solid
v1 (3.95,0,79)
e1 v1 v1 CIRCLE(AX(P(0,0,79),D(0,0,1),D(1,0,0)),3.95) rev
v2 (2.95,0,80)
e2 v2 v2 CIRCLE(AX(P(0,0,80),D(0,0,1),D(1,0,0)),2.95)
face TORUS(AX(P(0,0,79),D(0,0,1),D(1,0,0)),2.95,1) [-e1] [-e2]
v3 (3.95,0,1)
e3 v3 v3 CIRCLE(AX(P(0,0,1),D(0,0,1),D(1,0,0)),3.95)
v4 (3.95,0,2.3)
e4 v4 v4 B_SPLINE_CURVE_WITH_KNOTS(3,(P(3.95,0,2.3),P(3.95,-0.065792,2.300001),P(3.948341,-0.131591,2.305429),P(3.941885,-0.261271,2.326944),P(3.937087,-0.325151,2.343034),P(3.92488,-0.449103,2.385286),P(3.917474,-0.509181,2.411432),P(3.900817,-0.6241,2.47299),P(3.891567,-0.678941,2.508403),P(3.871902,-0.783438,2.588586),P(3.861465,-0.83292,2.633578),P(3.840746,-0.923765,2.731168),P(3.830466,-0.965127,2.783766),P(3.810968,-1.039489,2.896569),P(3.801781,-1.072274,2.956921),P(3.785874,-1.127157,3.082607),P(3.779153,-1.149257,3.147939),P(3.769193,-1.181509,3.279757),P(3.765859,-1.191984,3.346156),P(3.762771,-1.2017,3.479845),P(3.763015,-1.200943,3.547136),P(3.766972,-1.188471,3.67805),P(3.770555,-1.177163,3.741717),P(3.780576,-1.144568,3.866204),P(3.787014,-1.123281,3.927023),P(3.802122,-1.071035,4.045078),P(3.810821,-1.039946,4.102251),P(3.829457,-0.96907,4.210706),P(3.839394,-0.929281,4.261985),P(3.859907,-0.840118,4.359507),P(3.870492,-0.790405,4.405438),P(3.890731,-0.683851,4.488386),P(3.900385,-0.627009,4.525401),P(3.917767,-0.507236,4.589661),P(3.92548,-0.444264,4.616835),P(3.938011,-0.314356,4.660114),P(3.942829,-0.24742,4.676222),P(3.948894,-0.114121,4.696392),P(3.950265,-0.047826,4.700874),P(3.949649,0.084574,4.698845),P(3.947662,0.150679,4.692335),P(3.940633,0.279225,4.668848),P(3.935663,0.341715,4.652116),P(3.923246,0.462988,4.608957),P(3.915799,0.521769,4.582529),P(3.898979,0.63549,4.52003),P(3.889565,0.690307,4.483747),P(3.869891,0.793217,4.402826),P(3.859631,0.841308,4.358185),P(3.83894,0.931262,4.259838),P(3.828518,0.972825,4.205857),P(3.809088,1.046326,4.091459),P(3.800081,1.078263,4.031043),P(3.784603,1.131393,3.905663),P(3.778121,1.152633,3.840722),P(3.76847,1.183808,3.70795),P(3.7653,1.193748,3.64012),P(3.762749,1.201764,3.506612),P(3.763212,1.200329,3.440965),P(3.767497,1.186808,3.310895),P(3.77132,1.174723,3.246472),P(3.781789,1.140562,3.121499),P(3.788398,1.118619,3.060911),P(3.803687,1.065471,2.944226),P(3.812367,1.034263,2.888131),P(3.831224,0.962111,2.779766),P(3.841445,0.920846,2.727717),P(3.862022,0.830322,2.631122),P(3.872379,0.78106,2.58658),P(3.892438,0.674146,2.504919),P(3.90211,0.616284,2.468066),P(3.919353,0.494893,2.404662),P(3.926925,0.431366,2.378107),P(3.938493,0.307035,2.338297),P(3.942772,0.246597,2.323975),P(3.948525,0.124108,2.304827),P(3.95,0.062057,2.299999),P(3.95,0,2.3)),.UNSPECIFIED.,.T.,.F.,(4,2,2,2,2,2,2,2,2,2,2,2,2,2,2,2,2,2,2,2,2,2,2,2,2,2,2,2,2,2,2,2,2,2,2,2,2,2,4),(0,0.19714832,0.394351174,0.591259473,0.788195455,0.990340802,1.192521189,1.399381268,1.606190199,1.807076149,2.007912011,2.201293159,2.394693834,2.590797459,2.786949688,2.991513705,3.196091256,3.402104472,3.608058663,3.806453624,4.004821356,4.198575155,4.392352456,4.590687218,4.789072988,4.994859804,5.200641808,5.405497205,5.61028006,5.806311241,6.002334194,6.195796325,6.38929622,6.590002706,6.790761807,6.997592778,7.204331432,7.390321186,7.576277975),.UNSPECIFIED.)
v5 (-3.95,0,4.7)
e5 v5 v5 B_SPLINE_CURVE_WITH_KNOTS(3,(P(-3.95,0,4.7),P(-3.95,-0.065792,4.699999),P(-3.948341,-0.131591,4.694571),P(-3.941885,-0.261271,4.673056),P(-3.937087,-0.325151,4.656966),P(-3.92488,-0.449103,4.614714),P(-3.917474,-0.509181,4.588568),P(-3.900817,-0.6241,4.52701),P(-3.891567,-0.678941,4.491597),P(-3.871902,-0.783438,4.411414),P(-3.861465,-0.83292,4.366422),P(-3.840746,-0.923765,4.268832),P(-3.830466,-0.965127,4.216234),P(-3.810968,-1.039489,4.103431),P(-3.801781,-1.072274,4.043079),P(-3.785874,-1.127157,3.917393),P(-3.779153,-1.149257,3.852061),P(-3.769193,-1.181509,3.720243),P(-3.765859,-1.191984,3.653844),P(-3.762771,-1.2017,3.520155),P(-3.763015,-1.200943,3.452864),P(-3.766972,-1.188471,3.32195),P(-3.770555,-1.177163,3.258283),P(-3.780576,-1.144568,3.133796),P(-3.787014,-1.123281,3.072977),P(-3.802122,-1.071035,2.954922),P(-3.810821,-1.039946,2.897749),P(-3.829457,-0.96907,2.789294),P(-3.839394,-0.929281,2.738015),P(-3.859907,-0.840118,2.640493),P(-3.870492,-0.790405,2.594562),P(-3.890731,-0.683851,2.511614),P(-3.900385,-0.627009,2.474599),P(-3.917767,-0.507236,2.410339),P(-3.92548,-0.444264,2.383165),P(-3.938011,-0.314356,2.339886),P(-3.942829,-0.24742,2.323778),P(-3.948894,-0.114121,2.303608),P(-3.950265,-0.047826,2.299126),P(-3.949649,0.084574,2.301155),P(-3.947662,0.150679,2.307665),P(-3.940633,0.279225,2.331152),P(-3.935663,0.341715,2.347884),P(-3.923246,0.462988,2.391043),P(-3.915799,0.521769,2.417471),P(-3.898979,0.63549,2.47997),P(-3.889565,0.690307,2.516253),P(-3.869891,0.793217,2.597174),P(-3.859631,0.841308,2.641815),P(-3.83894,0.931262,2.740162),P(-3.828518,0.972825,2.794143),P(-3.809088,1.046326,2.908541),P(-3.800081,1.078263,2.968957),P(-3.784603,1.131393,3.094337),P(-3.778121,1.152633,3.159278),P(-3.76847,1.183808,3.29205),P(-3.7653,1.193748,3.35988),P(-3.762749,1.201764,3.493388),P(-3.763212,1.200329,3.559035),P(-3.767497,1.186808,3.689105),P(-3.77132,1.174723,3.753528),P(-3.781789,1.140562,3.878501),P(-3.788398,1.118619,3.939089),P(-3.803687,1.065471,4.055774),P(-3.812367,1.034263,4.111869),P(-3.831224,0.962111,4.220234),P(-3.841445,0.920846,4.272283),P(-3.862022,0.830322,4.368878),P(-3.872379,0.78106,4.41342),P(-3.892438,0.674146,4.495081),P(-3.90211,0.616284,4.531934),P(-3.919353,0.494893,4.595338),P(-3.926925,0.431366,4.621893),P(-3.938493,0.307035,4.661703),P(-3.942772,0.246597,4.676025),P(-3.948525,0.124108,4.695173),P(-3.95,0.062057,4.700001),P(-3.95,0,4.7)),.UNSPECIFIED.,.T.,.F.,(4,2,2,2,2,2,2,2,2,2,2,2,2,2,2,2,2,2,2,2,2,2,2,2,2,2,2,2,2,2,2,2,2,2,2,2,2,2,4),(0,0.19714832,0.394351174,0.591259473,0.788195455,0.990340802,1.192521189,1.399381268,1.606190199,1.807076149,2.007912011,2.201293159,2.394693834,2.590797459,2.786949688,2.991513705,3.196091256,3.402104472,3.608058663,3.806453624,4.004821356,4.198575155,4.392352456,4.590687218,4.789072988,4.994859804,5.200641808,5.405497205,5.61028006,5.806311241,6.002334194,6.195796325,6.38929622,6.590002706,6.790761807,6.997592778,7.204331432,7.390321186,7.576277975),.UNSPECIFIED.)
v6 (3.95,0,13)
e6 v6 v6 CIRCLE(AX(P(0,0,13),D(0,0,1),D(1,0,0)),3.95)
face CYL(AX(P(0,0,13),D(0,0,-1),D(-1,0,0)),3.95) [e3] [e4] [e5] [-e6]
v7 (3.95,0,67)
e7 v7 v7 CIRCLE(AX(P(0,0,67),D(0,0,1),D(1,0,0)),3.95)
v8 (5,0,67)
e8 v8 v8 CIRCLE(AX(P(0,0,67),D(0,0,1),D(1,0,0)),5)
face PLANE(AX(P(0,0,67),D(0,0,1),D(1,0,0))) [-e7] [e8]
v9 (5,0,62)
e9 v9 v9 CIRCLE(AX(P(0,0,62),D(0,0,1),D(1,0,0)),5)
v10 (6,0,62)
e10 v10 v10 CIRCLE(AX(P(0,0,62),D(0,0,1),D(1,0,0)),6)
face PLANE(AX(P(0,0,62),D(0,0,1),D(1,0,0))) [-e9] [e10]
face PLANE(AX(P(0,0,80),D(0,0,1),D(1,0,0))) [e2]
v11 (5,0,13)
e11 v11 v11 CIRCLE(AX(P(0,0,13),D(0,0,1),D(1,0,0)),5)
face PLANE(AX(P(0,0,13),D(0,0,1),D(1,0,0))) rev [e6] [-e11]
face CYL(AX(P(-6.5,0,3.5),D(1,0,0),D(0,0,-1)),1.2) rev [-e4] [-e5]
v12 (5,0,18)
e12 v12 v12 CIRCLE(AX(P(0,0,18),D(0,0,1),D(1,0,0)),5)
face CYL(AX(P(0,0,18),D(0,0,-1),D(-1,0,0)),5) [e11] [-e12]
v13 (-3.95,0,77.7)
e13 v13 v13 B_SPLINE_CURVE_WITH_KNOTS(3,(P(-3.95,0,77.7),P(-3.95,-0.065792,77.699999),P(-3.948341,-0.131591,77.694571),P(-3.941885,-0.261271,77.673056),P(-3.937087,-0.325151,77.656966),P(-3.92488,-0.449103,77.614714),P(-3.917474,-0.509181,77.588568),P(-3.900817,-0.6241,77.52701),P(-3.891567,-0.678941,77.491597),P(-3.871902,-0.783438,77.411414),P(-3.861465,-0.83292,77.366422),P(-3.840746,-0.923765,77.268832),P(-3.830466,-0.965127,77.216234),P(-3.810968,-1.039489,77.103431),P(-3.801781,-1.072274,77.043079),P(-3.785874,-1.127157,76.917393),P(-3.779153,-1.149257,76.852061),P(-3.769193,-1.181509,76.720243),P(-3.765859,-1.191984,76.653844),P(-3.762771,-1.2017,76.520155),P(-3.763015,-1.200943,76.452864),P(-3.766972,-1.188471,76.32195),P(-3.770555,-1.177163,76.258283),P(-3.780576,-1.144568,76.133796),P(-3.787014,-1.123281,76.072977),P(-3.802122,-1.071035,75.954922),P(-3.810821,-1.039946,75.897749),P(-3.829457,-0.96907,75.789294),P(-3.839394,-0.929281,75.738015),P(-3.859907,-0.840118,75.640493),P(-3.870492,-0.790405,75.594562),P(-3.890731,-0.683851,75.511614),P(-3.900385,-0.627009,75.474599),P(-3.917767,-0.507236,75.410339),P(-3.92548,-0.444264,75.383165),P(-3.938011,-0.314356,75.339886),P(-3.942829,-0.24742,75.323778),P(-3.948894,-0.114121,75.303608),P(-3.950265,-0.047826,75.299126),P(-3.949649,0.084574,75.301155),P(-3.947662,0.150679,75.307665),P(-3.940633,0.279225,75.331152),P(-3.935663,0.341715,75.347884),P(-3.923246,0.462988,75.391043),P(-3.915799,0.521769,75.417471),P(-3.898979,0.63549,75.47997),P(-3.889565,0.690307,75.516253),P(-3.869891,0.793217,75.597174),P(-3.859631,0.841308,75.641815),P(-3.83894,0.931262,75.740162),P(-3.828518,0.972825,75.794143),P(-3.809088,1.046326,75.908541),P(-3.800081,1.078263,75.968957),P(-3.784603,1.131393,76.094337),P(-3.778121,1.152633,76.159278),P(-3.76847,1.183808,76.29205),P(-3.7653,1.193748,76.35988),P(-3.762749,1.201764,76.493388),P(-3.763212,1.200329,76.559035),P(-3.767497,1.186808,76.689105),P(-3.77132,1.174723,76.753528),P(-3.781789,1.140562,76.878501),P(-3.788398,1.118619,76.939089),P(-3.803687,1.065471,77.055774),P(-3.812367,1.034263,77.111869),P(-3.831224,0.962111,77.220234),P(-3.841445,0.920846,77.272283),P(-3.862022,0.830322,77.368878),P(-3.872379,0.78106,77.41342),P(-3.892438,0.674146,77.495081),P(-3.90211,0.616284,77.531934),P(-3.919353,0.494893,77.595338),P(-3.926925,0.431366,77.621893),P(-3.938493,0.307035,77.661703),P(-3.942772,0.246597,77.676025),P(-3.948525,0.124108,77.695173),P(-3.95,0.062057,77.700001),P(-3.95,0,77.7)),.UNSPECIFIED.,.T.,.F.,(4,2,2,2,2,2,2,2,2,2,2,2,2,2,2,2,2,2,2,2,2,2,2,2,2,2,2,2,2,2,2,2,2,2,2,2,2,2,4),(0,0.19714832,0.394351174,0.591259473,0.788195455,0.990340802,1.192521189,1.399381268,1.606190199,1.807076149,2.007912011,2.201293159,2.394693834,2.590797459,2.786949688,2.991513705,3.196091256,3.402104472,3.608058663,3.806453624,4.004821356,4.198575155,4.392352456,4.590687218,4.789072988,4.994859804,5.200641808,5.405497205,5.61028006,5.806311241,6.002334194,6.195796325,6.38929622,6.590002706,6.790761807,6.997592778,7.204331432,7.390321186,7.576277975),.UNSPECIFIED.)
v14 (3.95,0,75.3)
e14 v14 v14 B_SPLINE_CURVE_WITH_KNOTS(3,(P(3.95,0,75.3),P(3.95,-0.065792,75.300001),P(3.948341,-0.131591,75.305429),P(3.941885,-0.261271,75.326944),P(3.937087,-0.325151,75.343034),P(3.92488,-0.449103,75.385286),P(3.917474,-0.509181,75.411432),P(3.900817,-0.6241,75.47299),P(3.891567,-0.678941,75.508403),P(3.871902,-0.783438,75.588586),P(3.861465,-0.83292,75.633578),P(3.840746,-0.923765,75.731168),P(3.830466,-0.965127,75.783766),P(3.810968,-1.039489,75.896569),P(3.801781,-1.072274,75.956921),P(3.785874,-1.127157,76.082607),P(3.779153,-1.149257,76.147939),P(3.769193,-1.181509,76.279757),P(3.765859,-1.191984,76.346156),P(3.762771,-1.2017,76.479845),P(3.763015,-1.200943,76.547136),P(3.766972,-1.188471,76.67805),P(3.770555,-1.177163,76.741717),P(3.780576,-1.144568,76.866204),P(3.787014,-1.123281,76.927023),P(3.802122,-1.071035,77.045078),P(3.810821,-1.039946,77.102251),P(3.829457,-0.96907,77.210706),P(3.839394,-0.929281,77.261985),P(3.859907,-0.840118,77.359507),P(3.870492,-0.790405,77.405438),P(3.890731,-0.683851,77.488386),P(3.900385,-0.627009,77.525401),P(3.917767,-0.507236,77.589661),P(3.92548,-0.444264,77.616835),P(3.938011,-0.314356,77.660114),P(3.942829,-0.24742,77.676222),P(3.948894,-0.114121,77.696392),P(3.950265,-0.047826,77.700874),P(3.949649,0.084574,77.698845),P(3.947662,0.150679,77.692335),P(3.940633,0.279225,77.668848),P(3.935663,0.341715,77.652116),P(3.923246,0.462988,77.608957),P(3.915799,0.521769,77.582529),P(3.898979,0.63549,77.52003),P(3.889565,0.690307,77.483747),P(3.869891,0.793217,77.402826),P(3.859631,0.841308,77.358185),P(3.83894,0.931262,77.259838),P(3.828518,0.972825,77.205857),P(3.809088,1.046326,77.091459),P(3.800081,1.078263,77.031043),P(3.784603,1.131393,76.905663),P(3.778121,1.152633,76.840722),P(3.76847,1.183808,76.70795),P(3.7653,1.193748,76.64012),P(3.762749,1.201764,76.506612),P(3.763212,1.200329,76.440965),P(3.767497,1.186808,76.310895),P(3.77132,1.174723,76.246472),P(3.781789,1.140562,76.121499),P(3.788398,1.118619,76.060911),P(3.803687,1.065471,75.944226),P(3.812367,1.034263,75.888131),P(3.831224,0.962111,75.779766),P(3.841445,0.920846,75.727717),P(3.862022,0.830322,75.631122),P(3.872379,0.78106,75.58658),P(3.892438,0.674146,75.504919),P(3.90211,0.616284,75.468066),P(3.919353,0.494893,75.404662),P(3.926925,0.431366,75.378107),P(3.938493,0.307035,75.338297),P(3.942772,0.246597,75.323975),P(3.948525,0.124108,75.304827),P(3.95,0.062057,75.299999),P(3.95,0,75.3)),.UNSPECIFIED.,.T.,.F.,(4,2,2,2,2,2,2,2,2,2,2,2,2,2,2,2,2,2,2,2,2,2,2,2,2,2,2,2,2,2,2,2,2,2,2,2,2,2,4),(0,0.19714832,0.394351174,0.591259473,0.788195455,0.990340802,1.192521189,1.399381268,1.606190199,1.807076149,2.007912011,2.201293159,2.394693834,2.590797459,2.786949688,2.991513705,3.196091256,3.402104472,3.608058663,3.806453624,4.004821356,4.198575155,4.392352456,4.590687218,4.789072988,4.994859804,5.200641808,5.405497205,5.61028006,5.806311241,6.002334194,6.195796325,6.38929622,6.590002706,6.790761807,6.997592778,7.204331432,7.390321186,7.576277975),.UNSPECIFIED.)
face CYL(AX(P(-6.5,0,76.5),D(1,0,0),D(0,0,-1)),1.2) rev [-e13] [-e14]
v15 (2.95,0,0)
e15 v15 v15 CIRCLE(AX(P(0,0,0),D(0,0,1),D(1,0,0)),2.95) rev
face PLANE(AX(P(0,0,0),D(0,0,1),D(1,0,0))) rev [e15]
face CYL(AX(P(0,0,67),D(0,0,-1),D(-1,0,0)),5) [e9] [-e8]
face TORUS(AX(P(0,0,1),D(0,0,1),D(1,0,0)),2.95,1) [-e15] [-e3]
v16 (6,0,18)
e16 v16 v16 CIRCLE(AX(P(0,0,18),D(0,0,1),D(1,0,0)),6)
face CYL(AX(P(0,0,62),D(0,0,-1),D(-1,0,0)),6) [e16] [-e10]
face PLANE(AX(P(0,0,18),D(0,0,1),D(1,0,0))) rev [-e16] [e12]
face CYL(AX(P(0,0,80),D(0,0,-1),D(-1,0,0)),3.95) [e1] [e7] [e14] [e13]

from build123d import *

# Parameters (mm, degrees)
SKETCH1_R           = 3.95
BOSS_EXTRUDE1_DEPTH = 13
SKETCH2_R           = 5
BOSS_EXTRUDE2_DEPTH = 5
SKETCH3_R           = 6
BOSS_EXTRUDE3_DEPTH = 44
SKETCH4_R           = 5
BOSS_EXTRUDE4_DEPTH = 5
SKETCH5_R           = 3.95
BOSS_EXTRUDE5_DEPTH = 13
FILLET1_R           = 1
SKETCH6_R           = 1.2
CUT_EXTRUDE1_DEPTH  = 6.5


with BuildPart() as part:
    # Sketch1 → Boss-Extrude1 (new body)
    with BuildSketch(Plane.XY):
        Circle(SKETCH1_R)
    extrude(amount=BOSS_EXTRUDE1_DEPTH)

    # Sketch2 → Boss-Extrude2 (add)
    with BuildSketch(Plane.XY.offset(13)):
        Circle(SKETCH2_R)
    extrude(amount=BOSS_EXTRUDE2_DEPTH)

    # Sketch3 → Boss-Extrude3 (add)
    with BuildSketch(Plane.XY.offset(18)):
        Circle(SKETCH3_R)
    extrude(amount=BOSS_EXTRUDE3_DEPTH)

    # Sketch4 → Boss-Extrude4 (add)
    with BuildSketch(Plane.XY.offset(62)):
        Circle(SKETCH4_R)
    extrude(amount=BOSS_EXTRUDE4_DEPTH)

    # Sketch5 → Boss-Extrude5 (add)
    with BuildSketch(Plane.XY.offset(67)):
        Circle(SKETCH5_R)
    extrude(amount=BOSS_EXTRUDE5_DEPTH)

    # Fillet1
    fillet1_edges = [part.edges().sort_by_distance(p)[0] for p in [
        (-3.95, 0, 0),
        (-3.95, 0, 80),
    ]]
    fillet(fillet1_edges, radius=FILLET1_R)

    # Sketch6 → Cut-Extrude1 (cut, symmetric)
    with BuildSketch(Plane(origin=(0, 0, 0), x_dir=(0, 0, -1), z_dir=(1, 0, 0))):
        with Locations((-76.5, 0)):
            Circle(SKETCH6_R)
        with Locations((-3.5, 0)):
            Circle(SKETCH6_R)
    extrude(amount=CUT_EXTRUDE1_DEPTH, both=True, mode=Mode.SUBTRACT)


solid = part.part
